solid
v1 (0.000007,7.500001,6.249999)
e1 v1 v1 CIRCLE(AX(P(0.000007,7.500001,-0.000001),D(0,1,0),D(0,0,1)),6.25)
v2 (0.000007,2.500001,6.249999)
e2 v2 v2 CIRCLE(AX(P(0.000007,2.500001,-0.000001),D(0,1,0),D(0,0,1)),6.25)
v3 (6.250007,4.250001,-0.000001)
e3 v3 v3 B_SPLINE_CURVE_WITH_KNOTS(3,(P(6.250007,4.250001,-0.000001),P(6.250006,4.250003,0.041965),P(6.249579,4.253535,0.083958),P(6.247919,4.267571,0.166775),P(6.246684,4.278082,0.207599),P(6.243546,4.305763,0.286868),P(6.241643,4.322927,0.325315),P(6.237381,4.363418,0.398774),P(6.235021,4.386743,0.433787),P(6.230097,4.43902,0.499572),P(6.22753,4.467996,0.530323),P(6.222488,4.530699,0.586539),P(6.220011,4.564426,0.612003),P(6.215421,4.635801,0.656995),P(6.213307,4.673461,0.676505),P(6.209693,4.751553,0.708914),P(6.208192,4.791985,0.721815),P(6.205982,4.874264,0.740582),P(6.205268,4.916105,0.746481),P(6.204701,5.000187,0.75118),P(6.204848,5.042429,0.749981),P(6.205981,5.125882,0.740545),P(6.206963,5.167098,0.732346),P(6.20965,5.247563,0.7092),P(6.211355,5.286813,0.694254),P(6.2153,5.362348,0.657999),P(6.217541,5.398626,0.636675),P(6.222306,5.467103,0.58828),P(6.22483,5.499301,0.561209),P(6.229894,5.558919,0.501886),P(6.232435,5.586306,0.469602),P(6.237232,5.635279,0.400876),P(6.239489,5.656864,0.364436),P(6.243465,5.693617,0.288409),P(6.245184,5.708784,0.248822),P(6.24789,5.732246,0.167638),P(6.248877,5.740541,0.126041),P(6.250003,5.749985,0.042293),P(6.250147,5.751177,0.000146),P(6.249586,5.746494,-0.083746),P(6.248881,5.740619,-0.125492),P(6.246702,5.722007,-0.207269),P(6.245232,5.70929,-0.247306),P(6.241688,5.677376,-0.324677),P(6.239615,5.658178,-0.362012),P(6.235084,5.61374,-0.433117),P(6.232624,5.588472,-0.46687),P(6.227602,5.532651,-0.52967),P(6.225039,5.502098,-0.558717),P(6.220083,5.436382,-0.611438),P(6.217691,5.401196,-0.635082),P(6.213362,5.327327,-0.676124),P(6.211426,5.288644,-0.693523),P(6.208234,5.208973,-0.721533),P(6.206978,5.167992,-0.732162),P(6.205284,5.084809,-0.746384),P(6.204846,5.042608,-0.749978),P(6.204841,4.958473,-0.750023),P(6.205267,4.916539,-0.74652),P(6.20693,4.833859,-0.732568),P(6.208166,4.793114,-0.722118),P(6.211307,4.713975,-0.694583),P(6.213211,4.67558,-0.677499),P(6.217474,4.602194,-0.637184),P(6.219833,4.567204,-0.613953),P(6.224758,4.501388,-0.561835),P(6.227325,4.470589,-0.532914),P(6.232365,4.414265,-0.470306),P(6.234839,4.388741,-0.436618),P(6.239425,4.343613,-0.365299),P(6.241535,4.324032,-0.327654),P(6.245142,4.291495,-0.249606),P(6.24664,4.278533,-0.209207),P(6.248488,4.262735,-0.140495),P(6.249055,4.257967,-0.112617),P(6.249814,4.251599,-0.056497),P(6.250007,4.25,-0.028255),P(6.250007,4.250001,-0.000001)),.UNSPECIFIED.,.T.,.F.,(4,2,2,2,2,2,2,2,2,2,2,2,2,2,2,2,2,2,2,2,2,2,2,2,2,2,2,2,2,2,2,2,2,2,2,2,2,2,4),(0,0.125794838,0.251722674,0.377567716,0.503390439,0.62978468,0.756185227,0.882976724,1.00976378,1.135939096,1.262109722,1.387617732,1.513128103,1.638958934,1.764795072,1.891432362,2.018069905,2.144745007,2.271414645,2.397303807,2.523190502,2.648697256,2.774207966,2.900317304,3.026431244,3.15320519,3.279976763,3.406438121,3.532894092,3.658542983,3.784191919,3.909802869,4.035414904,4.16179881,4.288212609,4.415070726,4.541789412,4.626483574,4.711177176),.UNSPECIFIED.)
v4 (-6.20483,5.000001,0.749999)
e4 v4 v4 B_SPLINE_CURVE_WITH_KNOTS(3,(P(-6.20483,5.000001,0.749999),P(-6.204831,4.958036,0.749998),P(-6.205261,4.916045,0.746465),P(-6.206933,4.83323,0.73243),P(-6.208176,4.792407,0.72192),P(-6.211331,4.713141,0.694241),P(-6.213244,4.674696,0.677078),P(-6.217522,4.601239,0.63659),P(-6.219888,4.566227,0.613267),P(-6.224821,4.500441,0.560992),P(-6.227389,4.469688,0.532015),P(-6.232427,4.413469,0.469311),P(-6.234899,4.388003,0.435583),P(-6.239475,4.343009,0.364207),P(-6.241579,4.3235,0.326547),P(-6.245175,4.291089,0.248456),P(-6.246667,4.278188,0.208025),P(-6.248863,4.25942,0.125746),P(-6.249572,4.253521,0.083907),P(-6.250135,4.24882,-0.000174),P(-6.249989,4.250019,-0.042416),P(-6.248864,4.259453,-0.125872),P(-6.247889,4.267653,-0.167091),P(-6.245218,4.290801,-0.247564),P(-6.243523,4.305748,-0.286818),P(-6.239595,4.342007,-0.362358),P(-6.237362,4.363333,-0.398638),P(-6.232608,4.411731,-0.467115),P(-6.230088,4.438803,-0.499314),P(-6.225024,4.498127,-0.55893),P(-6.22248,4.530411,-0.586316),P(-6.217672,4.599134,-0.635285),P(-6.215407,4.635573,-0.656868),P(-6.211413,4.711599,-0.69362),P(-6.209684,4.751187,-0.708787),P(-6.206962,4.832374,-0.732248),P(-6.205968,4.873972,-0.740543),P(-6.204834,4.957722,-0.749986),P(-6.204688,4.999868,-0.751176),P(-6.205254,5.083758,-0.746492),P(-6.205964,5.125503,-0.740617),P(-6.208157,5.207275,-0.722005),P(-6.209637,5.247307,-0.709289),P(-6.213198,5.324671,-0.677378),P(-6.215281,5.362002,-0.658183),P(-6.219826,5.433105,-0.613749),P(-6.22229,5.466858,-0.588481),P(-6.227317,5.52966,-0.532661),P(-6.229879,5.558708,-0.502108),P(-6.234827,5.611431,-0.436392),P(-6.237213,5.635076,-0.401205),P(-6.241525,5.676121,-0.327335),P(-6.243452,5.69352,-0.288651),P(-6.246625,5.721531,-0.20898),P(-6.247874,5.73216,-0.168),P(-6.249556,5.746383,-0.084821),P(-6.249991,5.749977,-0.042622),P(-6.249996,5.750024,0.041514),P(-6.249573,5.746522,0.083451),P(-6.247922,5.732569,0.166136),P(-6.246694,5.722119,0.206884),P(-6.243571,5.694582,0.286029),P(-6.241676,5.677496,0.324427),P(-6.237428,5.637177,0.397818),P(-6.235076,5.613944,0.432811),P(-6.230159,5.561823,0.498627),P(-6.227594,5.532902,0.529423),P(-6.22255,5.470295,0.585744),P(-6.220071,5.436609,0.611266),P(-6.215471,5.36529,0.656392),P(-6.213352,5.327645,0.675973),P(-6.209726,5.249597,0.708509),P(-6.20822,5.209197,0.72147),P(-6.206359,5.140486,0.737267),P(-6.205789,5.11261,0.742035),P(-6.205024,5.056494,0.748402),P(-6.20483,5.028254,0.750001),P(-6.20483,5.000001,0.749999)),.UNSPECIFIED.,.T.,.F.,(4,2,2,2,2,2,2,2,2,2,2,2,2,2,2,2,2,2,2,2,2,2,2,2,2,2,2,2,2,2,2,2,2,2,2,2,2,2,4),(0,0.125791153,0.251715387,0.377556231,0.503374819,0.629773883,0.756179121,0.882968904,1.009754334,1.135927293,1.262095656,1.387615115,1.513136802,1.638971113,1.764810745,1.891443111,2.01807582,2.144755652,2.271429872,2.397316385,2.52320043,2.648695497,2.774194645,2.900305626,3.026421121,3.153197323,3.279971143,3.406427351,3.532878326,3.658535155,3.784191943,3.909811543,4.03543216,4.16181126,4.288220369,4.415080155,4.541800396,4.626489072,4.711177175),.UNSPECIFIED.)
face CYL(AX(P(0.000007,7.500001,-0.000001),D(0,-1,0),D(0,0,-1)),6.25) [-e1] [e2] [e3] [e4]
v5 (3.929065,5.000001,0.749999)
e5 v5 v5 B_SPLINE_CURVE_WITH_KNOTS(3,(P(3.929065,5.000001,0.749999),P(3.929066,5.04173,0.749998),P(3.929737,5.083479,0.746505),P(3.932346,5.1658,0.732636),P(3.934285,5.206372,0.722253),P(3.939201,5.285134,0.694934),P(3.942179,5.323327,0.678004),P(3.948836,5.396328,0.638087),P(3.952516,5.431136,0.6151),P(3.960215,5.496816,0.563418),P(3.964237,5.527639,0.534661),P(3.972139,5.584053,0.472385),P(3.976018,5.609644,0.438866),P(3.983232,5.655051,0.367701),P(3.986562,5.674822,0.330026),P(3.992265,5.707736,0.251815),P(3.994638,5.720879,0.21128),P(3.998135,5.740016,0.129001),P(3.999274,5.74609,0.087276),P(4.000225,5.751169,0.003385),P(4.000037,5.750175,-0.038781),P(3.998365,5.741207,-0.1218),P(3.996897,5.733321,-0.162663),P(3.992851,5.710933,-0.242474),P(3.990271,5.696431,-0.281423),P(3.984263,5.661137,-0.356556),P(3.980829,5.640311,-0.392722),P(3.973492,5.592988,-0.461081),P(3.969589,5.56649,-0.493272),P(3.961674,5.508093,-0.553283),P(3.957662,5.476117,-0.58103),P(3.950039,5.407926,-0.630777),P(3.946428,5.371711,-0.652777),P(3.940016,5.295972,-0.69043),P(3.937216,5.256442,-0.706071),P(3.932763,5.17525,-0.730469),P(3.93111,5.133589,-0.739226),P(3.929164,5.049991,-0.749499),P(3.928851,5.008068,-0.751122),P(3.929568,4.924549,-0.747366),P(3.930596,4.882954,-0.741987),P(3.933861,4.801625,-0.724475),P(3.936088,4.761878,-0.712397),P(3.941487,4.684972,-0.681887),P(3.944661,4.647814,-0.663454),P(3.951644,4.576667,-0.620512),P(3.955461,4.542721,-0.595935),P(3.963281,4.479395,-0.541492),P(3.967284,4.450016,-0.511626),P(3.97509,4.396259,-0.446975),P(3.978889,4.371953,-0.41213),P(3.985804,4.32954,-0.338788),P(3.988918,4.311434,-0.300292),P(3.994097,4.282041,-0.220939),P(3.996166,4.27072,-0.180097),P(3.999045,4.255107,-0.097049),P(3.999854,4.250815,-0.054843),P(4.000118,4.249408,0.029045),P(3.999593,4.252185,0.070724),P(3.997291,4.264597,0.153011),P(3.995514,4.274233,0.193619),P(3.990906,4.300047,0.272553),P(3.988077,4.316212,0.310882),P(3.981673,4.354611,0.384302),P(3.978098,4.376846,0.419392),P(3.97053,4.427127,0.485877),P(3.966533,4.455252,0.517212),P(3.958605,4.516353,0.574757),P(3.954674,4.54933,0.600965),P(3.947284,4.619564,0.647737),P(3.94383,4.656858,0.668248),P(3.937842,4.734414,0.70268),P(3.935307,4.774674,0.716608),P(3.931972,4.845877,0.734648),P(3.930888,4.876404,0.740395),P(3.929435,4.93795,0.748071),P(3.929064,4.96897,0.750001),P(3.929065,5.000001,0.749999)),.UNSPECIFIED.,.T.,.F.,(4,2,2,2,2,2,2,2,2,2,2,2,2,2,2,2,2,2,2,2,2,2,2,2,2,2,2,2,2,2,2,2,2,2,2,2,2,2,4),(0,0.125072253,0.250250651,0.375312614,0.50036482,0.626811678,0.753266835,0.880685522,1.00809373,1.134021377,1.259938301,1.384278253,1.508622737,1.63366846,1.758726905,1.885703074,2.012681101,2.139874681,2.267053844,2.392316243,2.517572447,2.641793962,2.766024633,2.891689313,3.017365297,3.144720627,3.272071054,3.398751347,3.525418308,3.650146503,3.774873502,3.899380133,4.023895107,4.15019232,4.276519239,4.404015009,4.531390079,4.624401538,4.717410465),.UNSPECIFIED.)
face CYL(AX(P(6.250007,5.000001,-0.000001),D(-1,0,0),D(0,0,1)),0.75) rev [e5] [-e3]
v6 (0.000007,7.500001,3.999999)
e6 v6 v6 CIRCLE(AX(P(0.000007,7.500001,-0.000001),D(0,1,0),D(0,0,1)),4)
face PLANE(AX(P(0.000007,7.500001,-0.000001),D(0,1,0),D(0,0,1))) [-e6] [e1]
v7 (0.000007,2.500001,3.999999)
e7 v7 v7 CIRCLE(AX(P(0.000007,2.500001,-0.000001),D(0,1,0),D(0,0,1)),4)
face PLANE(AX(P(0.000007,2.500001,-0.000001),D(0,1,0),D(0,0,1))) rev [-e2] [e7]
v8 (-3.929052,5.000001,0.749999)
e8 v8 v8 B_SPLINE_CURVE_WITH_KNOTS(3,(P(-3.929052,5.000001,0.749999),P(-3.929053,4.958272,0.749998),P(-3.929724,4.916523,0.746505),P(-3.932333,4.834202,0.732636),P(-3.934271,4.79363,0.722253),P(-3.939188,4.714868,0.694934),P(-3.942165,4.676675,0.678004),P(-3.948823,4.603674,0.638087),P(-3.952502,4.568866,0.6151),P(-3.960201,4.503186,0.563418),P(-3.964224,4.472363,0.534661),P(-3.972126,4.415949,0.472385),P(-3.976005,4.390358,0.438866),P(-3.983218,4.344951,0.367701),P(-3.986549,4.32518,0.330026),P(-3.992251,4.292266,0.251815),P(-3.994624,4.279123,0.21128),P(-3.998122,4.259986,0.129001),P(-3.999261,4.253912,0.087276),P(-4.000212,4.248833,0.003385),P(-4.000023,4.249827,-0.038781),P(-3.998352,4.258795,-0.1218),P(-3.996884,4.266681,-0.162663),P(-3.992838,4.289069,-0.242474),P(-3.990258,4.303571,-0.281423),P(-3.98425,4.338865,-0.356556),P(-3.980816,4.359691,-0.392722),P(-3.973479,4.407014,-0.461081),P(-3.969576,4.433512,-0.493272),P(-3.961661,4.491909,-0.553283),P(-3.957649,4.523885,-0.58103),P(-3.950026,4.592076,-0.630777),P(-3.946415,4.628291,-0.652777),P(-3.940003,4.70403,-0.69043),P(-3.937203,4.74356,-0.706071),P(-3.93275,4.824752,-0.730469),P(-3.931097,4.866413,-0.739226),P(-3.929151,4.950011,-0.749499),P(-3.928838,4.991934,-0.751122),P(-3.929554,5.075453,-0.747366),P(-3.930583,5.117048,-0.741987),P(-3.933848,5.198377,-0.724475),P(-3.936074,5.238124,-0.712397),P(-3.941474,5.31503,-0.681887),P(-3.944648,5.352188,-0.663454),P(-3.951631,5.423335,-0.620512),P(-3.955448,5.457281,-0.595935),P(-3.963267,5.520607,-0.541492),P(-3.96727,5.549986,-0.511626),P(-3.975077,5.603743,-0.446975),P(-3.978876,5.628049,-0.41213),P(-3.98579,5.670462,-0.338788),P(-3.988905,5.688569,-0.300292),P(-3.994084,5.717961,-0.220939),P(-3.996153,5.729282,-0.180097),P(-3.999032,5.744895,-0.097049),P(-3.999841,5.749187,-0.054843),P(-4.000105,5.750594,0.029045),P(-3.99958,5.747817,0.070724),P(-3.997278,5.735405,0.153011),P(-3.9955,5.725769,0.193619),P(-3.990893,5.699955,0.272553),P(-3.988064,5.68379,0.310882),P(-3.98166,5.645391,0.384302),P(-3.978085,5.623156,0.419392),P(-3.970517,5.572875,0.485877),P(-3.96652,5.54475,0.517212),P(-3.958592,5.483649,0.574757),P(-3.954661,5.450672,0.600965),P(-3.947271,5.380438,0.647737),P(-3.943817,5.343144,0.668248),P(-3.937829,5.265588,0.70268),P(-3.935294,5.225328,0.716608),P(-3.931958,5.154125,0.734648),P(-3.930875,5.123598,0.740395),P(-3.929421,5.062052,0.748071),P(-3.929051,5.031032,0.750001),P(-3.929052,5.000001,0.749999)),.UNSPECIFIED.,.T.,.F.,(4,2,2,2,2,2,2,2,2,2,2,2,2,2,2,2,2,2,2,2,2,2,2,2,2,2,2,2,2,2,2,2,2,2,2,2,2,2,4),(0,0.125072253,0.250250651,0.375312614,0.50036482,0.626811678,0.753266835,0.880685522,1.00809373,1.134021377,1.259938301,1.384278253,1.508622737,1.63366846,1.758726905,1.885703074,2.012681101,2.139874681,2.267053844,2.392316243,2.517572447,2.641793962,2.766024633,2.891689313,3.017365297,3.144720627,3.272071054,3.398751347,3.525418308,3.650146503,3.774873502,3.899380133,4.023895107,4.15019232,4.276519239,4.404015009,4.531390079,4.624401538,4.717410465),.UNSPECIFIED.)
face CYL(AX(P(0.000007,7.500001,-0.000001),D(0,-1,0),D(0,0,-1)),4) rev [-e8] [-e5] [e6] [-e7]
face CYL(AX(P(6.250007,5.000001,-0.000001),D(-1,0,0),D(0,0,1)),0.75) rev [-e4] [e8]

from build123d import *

# Parameters (mm, degrees)
SKETCH1_R           = 12.5
SKETCH1_R_2         = 8
BOSS_EXTRUDE1_DEPTH = 10
SKETCH3_R           = 1.5
CUT_EXTRUDE1_DEPTH  = 30.685855218
ESCALA1_SCALE       = 0.5


with BuildPart() as part:
    # Sketch1 → Boss-Extrude1 (new body)
    with BuildSketch(Plane(origin=(0, 0, 0), x_dir=(1, 0, 0), z_dir=(0, 1, 0))):
        with Locations(Location((0, 0, 0), (0, 0, 270))):
            Circle(SKETCH1_R)
        with Locations(Location((0, 0, 0), (0, 0, 270))):
            Circle(SKETCH1_R_2, mode=Mode.SUBTRACT)
    extrude(amount=BOSS_EXTRUDE1_DEPTH)

    # Sketch3 → Cut-Extrude1 (cut, through all)
    with BuildSketch(Plane.ZY.offset(12.5)):
        with Locations((0, 5)):
            Circle(SKETCH3_R)
    extrude(amount=-CUT_EXTRUDE1_DEPTH, mode=Mode.SUBTRACT)


with BuildPart() as part_1:
    # Escala1: scaled about (2.9522e-05, 5.000004154, -4.1694e-05)
    add(part.part.scale(ESCALA1_SCALE).moved(Location((1.4761e-05, 2.500002077, -2.0847e-05))))


solid = part_1.part
